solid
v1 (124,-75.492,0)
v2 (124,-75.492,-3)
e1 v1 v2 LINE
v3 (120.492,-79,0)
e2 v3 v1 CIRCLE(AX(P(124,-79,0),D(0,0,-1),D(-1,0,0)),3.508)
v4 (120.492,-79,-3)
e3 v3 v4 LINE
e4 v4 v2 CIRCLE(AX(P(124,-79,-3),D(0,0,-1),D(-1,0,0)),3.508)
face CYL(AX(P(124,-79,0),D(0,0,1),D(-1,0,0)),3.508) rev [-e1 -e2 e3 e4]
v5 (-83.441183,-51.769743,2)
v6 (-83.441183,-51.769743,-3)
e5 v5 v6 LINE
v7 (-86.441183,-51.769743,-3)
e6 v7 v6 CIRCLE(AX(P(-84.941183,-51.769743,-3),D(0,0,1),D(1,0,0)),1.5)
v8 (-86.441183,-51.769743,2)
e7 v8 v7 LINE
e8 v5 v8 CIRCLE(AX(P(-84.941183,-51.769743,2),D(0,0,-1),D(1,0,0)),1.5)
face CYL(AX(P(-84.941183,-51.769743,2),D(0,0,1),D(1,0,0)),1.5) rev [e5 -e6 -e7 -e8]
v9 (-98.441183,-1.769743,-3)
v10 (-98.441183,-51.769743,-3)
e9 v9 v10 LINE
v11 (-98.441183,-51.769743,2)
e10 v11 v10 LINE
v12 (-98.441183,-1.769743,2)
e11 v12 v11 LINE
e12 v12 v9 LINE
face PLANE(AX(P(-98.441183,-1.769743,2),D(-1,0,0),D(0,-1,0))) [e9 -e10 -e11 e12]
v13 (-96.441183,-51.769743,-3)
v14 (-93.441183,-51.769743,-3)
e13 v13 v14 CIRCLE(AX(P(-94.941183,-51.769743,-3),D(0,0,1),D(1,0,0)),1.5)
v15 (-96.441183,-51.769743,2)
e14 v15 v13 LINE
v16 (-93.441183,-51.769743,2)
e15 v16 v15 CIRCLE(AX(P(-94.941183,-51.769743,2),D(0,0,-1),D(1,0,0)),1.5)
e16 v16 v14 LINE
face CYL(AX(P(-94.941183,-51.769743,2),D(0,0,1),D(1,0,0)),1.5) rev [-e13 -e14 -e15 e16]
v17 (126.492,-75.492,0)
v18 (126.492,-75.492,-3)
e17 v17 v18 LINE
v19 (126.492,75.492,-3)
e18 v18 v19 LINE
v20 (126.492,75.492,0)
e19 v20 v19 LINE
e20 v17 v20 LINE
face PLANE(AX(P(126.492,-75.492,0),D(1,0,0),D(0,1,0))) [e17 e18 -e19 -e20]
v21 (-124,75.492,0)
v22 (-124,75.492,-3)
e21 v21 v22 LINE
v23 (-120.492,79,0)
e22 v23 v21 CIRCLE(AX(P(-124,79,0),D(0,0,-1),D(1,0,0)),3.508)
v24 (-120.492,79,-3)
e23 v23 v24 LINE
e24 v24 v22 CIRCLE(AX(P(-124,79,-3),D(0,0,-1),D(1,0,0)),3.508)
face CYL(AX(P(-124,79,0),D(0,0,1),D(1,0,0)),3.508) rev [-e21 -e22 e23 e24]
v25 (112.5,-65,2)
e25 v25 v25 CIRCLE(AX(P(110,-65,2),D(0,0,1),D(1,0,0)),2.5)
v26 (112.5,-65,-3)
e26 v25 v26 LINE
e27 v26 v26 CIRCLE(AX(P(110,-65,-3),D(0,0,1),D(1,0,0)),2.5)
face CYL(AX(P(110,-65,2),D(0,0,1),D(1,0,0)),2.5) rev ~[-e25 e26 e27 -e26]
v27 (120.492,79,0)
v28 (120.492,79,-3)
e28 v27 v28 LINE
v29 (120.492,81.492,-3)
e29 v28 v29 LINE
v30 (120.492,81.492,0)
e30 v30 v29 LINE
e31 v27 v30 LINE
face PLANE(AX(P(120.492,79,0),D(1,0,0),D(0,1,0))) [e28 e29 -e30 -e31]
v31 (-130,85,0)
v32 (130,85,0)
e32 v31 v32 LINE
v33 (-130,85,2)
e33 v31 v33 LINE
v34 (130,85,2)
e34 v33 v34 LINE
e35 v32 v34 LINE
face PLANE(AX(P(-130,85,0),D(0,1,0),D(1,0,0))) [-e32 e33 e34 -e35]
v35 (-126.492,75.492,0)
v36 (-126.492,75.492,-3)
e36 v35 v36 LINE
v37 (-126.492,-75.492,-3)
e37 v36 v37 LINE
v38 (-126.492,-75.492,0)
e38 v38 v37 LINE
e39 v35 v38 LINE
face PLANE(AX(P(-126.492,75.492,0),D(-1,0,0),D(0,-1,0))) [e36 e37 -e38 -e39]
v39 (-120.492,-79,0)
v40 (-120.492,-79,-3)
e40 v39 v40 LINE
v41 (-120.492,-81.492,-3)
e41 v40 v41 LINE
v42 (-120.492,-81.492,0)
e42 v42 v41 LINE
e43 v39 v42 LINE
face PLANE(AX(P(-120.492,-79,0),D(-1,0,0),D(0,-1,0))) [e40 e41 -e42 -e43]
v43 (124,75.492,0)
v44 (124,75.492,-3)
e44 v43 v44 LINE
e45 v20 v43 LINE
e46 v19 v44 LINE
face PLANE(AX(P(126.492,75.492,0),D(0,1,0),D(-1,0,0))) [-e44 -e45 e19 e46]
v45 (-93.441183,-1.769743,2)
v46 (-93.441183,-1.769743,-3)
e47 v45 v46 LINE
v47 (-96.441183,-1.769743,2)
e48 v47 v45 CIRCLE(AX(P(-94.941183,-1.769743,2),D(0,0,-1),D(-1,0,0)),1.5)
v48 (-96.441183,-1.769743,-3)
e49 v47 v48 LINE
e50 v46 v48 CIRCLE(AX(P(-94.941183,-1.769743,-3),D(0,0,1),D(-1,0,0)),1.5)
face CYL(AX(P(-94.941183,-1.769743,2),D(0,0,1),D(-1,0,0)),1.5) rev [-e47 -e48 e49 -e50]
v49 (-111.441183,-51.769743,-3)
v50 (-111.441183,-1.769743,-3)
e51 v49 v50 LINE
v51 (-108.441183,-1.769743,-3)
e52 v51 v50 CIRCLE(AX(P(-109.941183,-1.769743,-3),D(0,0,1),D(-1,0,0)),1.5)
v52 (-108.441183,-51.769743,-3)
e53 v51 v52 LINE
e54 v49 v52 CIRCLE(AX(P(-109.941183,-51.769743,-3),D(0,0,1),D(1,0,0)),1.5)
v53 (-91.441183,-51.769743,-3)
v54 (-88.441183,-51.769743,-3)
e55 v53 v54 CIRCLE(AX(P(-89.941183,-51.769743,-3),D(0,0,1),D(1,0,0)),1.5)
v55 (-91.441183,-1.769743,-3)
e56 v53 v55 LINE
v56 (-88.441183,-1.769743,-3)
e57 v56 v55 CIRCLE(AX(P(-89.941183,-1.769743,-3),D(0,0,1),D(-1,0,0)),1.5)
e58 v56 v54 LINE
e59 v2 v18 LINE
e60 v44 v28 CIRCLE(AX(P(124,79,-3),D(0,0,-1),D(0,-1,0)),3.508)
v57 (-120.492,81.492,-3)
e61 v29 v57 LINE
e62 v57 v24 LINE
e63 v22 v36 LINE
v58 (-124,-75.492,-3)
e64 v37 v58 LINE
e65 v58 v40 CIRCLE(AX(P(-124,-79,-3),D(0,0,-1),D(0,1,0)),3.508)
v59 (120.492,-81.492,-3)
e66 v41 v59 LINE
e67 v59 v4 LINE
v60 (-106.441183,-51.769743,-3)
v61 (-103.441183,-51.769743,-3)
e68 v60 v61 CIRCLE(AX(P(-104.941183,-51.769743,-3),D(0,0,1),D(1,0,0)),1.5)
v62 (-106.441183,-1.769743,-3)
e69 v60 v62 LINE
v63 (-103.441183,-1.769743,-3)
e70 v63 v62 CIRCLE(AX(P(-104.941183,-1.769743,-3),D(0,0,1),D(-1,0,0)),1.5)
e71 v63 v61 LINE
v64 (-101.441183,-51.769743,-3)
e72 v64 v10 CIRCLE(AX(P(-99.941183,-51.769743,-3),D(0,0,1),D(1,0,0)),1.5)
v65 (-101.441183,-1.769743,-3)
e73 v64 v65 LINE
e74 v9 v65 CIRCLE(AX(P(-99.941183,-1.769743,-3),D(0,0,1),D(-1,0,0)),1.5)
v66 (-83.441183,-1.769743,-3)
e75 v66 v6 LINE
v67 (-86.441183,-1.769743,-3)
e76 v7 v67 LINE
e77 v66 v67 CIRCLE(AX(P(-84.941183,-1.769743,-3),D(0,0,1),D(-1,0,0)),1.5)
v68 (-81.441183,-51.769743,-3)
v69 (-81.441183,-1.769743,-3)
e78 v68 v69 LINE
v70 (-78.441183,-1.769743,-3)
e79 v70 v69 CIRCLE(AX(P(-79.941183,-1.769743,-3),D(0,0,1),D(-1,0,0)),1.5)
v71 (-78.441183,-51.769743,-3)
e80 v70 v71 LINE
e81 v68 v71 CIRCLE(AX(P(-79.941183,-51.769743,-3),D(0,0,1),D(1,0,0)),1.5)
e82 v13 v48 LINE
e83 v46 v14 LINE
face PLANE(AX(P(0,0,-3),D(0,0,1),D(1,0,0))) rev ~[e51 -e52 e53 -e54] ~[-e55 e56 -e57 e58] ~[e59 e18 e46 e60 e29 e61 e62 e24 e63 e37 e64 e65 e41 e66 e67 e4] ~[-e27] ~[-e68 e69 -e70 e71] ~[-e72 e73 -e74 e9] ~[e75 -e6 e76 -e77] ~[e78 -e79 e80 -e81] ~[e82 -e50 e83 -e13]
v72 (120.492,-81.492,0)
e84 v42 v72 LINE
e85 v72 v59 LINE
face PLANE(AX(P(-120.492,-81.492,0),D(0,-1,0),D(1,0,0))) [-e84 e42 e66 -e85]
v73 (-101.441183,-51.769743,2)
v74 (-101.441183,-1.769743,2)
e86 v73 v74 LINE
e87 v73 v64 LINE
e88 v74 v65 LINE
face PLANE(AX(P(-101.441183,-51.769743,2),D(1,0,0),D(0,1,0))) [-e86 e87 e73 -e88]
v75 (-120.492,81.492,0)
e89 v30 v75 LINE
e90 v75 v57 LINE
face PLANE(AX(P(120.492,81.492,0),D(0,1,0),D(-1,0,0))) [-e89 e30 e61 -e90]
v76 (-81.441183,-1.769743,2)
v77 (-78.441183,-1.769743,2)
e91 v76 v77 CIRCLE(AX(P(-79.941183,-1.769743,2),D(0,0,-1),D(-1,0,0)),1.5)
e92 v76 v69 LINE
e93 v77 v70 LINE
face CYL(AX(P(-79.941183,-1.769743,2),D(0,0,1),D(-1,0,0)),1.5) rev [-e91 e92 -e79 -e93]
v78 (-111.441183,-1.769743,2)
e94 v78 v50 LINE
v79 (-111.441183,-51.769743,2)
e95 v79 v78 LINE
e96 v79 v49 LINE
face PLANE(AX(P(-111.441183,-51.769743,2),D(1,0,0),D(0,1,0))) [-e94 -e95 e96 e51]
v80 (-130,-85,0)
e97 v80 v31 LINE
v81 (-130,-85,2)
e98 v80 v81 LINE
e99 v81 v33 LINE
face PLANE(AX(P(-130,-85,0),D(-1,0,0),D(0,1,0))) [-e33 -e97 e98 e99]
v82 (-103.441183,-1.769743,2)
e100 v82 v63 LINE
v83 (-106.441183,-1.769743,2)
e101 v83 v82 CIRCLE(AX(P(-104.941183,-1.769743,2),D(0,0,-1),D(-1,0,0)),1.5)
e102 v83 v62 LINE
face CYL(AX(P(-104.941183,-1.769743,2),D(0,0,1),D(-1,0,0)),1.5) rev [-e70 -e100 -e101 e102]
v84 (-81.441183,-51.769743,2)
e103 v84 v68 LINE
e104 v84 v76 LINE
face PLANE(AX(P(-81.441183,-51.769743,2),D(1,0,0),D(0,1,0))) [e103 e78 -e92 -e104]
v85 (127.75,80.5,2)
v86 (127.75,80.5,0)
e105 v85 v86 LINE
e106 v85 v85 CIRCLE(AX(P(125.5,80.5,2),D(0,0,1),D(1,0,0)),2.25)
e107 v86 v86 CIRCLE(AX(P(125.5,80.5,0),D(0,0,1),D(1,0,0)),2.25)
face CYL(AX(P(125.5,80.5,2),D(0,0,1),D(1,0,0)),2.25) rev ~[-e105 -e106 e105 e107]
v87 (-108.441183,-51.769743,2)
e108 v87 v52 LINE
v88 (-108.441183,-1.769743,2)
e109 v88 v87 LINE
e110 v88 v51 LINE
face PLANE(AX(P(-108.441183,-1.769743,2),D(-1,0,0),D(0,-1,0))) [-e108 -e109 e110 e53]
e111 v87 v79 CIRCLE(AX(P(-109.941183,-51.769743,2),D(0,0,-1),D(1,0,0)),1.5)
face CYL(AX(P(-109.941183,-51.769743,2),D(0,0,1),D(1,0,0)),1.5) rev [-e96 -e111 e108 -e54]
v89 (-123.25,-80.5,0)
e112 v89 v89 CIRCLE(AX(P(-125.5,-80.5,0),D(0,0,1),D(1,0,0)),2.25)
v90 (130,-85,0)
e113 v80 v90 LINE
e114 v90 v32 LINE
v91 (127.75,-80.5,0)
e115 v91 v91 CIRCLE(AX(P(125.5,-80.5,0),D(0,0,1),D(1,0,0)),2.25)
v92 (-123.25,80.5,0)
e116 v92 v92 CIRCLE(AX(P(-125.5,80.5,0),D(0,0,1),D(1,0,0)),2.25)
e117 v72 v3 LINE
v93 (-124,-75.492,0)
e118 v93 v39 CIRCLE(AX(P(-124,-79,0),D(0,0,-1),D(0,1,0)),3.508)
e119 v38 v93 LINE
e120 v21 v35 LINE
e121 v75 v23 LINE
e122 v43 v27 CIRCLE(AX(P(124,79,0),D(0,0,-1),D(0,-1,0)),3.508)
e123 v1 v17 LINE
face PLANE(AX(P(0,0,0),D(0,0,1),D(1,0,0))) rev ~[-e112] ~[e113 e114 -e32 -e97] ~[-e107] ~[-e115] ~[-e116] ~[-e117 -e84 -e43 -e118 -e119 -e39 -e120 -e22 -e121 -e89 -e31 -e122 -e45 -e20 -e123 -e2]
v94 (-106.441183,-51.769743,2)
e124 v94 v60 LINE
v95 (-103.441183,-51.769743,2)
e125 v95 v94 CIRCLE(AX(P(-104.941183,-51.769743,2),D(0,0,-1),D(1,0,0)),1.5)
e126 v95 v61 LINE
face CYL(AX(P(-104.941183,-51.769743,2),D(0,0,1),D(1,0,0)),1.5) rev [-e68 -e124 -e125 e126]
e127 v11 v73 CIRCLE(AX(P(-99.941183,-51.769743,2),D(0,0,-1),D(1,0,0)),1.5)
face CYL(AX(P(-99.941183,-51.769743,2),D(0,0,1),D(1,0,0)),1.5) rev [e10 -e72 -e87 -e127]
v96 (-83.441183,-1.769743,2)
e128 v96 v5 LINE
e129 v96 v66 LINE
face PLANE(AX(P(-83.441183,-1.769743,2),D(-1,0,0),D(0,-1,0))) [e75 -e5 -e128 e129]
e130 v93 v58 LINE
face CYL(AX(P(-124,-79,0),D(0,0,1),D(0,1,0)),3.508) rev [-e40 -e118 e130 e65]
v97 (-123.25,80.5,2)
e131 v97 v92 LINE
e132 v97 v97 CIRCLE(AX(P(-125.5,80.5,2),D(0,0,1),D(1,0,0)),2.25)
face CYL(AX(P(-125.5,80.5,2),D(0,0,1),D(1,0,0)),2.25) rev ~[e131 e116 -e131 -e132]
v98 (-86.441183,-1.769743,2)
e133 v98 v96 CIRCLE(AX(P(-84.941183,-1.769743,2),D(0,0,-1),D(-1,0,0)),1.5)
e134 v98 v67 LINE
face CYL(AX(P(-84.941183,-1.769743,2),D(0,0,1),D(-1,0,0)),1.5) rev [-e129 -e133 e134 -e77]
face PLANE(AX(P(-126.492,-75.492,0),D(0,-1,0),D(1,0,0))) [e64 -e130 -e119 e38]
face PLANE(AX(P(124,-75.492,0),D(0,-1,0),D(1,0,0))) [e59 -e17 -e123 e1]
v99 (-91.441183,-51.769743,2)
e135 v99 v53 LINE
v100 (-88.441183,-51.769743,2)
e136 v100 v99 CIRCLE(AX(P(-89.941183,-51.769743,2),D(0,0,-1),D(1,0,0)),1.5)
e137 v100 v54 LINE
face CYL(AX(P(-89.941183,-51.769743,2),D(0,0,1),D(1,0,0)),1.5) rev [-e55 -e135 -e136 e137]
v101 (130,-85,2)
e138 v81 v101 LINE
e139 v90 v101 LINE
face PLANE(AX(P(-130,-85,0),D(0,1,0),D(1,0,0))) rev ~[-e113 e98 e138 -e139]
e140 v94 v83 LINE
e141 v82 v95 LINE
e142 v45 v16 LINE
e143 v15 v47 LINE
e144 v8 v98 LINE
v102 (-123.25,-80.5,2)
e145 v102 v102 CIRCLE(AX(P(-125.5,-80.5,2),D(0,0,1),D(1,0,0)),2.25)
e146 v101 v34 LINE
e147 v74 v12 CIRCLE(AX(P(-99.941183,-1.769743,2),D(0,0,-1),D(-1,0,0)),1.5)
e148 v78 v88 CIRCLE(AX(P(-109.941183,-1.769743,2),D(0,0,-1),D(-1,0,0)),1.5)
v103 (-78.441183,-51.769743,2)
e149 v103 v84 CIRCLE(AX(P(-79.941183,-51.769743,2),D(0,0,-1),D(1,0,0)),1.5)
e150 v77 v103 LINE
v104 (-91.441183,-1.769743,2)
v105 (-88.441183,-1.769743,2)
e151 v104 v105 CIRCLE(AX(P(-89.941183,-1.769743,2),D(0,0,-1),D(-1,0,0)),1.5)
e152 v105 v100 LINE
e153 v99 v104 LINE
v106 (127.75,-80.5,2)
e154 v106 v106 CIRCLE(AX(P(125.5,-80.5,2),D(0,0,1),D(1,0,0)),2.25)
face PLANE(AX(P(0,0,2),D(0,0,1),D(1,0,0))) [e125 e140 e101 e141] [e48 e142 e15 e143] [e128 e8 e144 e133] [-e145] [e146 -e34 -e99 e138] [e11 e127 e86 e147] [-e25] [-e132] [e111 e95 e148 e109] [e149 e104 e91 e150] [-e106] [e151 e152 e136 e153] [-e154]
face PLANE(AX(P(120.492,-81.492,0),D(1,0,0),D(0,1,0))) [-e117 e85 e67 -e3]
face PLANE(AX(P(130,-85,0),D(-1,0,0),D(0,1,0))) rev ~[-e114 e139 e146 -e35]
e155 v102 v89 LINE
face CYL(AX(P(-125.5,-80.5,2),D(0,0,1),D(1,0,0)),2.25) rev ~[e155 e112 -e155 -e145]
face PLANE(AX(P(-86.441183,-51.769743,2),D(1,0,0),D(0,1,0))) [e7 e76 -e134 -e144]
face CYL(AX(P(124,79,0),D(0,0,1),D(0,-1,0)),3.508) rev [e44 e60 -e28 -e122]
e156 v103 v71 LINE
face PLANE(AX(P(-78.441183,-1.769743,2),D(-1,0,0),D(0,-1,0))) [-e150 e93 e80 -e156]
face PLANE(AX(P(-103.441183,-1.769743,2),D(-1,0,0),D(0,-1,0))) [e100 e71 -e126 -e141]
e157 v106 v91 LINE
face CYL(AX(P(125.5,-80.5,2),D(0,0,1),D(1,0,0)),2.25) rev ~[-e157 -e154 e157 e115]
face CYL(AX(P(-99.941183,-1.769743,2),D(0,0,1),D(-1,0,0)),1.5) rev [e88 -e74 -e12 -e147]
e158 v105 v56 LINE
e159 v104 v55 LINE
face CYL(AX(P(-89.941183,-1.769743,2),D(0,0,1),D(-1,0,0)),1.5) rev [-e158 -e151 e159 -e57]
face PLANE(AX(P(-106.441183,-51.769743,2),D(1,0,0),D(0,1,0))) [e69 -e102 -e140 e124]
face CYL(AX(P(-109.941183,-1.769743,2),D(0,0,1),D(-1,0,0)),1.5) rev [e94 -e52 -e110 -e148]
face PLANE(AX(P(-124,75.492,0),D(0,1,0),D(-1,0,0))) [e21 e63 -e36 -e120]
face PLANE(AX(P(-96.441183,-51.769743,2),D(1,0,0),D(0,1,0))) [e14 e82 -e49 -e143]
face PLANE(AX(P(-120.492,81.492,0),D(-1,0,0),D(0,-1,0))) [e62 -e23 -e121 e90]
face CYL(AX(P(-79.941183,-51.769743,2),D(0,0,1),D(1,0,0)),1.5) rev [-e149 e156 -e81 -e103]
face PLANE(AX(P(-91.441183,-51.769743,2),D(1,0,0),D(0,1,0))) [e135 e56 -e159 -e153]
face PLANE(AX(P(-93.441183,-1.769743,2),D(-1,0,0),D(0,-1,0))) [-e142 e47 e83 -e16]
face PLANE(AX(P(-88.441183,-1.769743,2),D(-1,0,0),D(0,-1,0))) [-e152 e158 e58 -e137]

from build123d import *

# Parameters (mm, degrees)
SKETCH1_W           = 260
SKETCH1_H           = 170
BOSS_EXTRUDE1_DEPTH = 2
BOSS_EXTRUDE2_DEPTH = 3
CUT_EXTRUDE1_DEPTH  = 156.402702679
SKETCH4_R           = 2.5
CUT_EXTRUDE2_DEPTH  = 156.402702679
CUT_EXTRUDE3_REACH  = 157.403
SKETCH6_R           = 2.25


with BuildPart() as part:
    # Sketch1 → Boss-Extrude1 (new body)
    with BuildSketch(Plane.XY):
        Rectangle(SKETCH1_W, SKETCH1_H)
    extrude(amount=BOSS_EXTRUDE1_DEPTH)

    # Sketch2 → Boss-Extrude2 (add)
    with BuildSketch(Plane(origin=(0, 0, 0), x_dir=(-1, 0, 0), z_dir=(0, 0, -1))):
        with BuildLine():
            Line((-120.492, 81.492), (120.492, 81.492))
            Line((120.492, 81.492), (120.492, 79))
            ThreePointArc((120.492, 79), (121.519469412, 76.519469412), (124, 75.492))
            Line((124, 75.492), (126.492, 75.492))
            Line((126.492, 75.492), (126.492, -75.492))
            Line((126.492, -75.492), (124, -75.492))
            ThreePointArc((124, -75.492), (121.519469412, -76.519469412), (120.492, -79))
            Line((120.492, -79), (120.492, -81.492))
            Line((120.492, -81.492), (-120.492, -81.492))
            Line((-120.492, -81.492), (-120.492, -79))
            ThreePointArc((-120.492, -79), (-121.519469412, -76.519469412), (-124, -75.492))
            Line((-124, -75.492), (-126.492, -75.492))
            Line((-126.492, -75.492), (-126.492, 75.492))
            Line((-126.492, 75.492), (-124, 75.492))
            ThreePointArc((-124, 75.492), (-121.519469412, 76.519469412), (-120.492, 79))
            Line((-120.492, 79), (-120.492, 81.492))
        make_face()
    extrude(amount=BOSS_EXTRUDE2_DEPTH)

    # Sketch3 → Cut-Extrude1 (cut, through all)
    with BuildSketch(Plane.XY.offset(2)):
        with BuildLine():
            Line((-108.441183291, -1.769742849), (-108.441183291, -51.769742849))
            ThreePointArc((-108.441183291, -51.769742849), (-109.941183291, -53.269742849), (-111.441183291, -51.769742849))
            Line((-111.441183291, -51.769742849), (-111.441183291, -1.769742849))
            ThreePointArc((-111.441183291, -1.769742849), (-109.941183291, -0.269742849), (-108.441183291, -1.769742849))
        make_face()
        with BuildLine():
            Line((-103.441183291, -1.769742849), (-103.441183291, -51.769742849))
            ThreePointArc((-103.441183291, -51.769742849), (-104.941183291, -53.269742849), (-106.441183291, -51.769742849))
            Line((-106.441183291, -51.769742849), (-106.441183291, -1.769742849))
            ThreePointArc((-106.441183291, -1.769742849), (-104.941183291, -0.269742849), (-103.441183291, -1.769742849))
        make_face()
        with BuildLine():
            Line((-98.441183291, -1.769742849), (-98.441183291, -51.769742849))
            ThreePointArc((-98.441183291, -51.769742849), (-99.941183291, -53.269742849), (-101.441183291, -51.769742849))
            Line((-101.441183291, -51.769742849), (-101.441183291, -1.769742849))
            ThreePointArc((-101.441183291, -1.769742849), (-99.941183291, -0.269742849), (-98.441183291, -1.769742849))
        make_face()
        with BuildLine():
            Line((-93.441183291, -1.769742849), (-93.441183291, -51.769742849))
            ThreePointArc((-93.441183291, -51.769742849), (-94.941183291, -53.269742849), (-96.441183291, -51.769742849))
            Line((-96.441183291, -51.769742849), (-96.441183291, -1.769742849))
            ThreePointArc((-96.441183291, -1.769742849), (-94.941183291, -0.269742849), (-93.441183291, -1.769742849))
        make_face()
        with BuildLine():
            Line((-88.441183291, -1.769742849), (-88.441183291, -51.769742849))
            ThreePointArc((-88.441183291, -51.769742849), (-89.941183291, -53.269742849), (-91.441183291, -51.769742849))
            Line((-91.441183291, -51.769742849), (-91.441183291, -1.769742849))
            ThreePointArc((-91.441183291, -1.769742849), (-89.941183291, -0.269742849), (-88.441183291, -1.769742849))
        make_face()
        with BuildLine():
            Line((-83.441183291, -1.769742849), (-83.441183291, -51.769742849))
            ThreePointArc((-83.441183291, -51.769742849), (-84.941183291, -53.269742849), (-86.441183291, -51.769742849))
            Line((-86.441183291, -51.769742849), (-86.441183291, -1.769742849))
            ThreePointArc((-86.441183291, -1.769742849), (-84.941183291, -0.269742849), (-83.441183291, -1.769742849))
        make_face()
        with BuildLine():
            Line((-78.441183291, -1.769742849), (-78.441183291, -51.769742849))
            ThreePointArc((-78.441183291, -51.769742849), (-79.941183291, -53.269742849), (-81.441183291, -51.769742849))
            Line((-81.441183291, -51.769742849), (-81.441183291, -1.769742849))
            ThreePointArc((-81.441183291, -1.769742849), (-79.941183291, -0.269742849), (-78.441183291, -1.769742849))
        make_face()
    extrude(amount=-CUT_EXTRUDE1_DEPTH, mode=Mode.SUBTRACT)

    # Sketch4 → Cut-Extrude2 (cut, through all)
    with BuildSketch(Plane.XY.offset(2)):
        with Locations((110, -65)):
            Circle(SKETCH4_R)
    extrude(amount=-CUT_EXTRUDE2_DEPTH, mode=Mode.SUBTRACT)

    # Sketch6 → Cut-Extrude3 (cut, up to next)
    with BuildSketch(Plane.XY.offset(2), mode=Mode.PRIVATE) as cut_extrude3_sk1:
        with Locations((-125.5, -80.5)):
            Circle(SKETCH6_R)
    cut_extrude3_tool1 = extrude(cut_extrude3_sk1.sketch, amount=-CUT_EXTRUDE3_REACH, mode=Mode.PRIVATE) & part.part
    # Sketch6 → Cut-Extrude3 (cut, up to next)
    with BuildSketch(Plane.XY.offset(2), mode=Mode.PRIVATE) as cut_extrude3_sk2:
        with Locations((-125.5, 80.5)):
            Circle(SKETCH6_R)
    cut_extrude3_tool2 = extrude(cut_extrude3_sk2.sketch, amount=-CUT_EXTRUDE3_REACH, mode=Mode.PRIVATE) & part.part
    # Sketch6 → Cut-Extrude3 (cut, up to next)
    with BuildSketch(Plane.XY.offset(2), mode=Mode.PRIVATE) as cut_extrude3_sk3:
        with Locations((125.5, 80.5)):
            Circle(SKETCH6_R)
    cut_extrude3_tool3 = extrude(cut_extrude3_sk3.sketch, amount=-CUT_EXTRUDE3_REACH, mode=Mode.PRIVATE) & part.part
    # Sketch6 → Cut-Extrude3 (cut, up to next)
    with BuildSketch(Plane.XY.offset(2), mode=Mode.PRIVATE) as cut_extrude3_sk4:
        with Locations((125.5, -80.5)):
            Circle(SKETCH6_R)
    cut_extrude3_tool4 = extrude(cut_extrude3_sk4.sketch, amount=-CUT_EXTRUDE3_REACH, mode=Mode.PRIVATE) & part.part
    add(cut_extrude3_tool1.solids().sort_by_distance((-125.5, -80.5, 2))[0], mode=Mode.SUBTRACT)
    add(cut_extrude3_tool2.solids().sort_by_distance((-125.5, 80.5, 2))[0], mode=Mode.SUBTRACT)
    add(cut_extrude3_tool3.solids().sort_by_distance((125.5, 80.5, 2))[0], mode=Mode.SUBTRACT)
    add(cut_extrude3_tool4.solids().sort_by_distance((125.5, -80.5, 2))[0], mode=Mode.SUBTRACT)


solid = part.part
